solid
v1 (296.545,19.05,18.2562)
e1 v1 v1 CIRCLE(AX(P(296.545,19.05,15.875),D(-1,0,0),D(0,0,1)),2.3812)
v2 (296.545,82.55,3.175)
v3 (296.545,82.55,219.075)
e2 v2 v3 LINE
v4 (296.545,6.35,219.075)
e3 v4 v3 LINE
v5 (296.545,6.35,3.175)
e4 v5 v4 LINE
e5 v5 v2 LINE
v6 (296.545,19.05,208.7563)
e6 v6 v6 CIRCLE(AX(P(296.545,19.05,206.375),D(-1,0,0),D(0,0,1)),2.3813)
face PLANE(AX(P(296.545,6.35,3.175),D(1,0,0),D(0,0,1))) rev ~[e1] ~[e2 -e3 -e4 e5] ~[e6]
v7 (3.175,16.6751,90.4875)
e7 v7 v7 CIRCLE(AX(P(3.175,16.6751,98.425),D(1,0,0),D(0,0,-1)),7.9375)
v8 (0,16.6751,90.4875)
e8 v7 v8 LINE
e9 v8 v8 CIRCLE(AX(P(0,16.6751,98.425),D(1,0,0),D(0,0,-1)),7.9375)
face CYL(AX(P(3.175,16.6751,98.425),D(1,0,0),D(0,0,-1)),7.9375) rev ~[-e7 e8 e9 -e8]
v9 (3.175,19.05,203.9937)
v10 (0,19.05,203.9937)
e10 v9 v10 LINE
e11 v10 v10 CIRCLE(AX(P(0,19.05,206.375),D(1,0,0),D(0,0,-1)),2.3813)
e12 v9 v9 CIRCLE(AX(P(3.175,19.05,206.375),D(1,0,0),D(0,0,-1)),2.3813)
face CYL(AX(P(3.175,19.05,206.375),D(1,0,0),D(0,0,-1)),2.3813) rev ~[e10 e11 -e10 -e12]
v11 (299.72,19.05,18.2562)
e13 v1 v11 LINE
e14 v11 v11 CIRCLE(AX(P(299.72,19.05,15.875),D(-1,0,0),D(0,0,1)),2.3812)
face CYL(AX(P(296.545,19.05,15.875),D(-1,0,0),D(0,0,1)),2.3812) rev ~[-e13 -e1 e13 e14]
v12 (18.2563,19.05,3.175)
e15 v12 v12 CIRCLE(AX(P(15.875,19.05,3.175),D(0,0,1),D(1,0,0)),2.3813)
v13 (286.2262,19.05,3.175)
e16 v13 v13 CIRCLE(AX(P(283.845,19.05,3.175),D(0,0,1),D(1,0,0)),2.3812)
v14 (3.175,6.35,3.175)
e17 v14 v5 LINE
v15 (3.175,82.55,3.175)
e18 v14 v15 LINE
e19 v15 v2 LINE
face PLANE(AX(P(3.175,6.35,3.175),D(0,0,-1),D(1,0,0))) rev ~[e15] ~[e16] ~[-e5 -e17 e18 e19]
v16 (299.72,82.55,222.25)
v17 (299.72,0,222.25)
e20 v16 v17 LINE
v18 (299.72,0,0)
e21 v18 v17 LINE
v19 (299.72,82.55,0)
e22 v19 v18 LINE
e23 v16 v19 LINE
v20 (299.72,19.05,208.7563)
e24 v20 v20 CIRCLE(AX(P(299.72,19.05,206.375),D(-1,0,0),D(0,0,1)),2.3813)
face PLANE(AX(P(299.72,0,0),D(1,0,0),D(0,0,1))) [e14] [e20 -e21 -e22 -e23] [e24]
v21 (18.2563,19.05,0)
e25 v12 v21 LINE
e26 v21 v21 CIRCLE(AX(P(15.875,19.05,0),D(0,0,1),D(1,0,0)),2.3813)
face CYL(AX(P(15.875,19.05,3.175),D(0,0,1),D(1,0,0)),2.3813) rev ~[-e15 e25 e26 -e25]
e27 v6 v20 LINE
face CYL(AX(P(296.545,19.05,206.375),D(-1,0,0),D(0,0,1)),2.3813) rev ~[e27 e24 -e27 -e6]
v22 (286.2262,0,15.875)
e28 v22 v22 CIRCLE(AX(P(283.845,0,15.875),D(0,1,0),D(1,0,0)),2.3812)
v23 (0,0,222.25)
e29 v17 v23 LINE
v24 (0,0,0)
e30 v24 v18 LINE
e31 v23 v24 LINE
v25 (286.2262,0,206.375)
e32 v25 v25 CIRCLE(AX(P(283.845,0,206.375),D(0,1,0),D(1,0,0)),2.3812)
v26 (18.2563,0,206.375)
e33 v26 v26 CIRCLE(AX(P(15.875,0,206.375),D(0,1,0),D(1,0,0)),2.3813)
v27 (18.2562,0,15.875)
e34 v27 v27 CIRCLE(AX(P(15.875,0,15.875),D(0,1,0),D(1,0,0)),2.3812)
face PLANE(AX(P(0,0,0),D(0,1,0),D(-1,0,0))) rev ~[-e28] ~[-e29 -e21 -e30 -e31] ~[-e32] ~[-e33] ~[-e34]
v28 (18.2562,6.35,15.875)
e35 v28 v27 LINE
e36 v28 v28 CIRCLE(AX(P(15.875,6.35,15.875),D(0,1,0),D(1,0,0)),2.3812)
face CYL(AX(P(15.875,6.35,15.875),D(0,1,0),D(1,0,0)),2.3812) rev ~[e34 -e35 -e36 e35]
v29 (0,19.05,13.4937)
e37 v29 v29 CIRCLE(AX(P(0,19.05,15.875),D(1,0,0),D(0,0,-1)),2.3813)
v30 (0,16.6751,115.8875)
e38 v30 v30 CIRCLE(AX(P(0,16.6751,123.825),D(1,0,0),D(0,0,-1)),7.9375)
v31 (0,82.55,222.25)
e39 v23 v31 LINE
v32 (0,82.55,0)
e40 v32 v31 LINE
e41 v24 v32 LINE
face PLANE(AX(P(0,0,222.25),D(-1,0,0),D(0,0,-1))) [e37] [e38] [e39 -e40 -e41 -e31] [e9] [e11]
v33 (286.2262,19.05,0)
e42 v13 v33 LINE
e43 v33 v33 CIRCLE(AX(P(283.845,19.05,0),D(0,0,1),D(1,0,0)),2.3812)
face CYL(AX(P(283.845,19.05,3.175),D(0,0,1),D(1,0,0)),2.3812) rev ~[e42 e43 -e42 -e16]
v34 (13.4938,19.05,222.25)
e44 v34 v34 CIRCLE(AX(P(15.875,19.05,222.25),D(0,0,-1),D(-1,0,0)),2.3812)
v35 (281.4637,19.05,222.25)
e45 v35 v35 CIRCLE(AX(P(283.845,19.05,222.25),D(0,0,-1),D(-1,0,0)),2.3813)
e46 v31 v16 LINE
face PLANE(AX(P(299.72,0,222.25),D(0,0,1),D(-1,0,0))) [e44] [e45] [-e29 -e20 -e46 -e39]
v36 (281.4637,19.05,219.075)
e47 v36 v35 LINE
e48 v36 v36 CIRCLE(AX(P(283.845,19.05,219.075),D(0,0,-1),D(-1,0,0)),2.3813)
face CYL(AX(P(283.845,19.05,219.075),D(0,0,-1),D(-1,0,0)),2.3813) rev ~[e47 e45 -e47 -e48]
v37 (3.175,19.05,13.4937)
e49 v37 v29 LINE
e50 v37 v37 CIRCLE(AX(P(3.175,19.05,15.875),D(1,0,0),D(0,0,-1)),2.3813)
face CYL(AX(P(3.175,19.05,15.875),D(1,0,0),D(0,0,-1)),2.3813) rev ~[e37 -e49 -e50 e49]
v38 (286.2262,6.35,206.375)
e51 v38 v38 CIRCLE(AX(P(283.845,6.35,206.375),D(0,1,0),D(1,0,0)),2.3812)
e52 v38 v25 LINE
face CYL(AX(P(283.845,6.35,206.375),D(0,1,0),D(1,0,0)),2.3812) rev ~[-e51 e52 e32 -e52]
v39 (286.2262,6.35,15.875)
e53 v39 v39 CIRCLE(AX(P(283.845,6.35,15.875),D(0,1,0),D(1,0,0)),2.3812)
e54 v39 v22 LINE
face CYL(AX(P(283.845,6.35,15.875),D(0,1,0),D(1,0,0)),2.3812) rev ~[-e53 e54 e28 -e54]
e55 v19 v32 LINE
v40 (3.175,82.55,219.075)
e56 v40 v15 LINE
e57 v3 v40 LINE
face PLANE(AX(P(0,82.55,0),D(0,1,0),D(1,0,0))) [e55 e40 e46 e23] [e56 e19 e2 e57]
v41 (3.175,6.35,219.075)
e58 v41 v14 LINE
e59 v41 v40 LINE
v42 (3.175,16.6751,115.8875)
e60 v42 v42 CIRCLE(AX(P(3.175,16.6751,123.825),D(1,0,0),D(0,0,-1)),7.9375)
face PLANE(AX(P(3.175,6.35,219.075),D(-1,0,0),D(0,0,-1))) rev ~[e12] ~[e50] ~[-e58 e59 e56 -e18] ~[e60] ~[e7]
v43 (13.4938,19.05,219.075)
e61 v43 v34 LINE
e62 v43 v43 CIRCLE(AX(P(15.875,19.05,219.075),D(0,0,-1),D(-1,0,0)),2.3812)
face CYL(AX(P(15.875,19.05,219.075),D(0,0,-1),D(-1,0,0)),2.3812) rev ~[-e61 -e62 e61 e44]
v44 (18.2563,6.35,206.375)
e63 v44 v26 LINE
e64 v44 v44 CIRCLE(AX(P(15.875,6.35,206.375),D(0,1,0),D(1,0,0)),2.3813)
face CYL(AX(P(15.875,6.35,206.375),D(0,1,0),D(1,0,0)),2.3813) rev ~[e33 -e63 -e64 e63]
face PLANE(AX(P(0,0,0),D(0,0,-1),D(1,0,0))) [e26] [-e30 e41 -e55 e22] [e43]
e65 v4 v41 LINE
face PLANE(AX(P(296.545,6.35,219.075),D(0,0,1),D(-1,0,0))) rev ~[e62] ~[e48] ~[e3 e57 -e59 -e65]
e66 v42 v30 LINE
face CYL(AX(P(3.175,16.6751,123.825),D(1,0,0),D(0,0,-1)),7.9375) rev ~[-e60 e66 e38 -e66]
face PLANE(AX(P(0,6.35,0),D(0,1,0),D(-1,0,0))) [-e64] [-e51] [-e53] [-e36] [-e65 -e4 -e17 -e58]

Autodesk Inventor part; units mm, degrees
ref_plane "YZ Plane" through (0, 0, 0) normal (1, 0, 0) x (0, 1, 0)
ref_plane "XZ Plane" through (0, 0, 0) normal (0, 1, 0) x (-1, 0, 0)
ref_plane "XY Plane" through (0, 0, 0) normal (0, 0, 1) x (1, 0, 0)
sketch "Sketch1" plane through (0, 0, 0) normal (0, 1, 0) x (-1, 0, 0)
  line L0 (0, 0) -> (-299.72, 0)
  line L1 (-299.72, 0) -> (-299.72, 222.25)
  line L2 (-299.72, 222.25) -> (0, 222.25)
  line L3 (0, 222.25) -> (0, 0)
  dimension "d0" = 299.72
  dimension "d1" = 222.25
extrude "Extrusion1" add sketch "Sketch1" along normal blind 6.35
sketch "Sketch2" plane through (0, 6.35, 0) normal (0, 1, 0) x (1, 0, 0)
  line L0 (0, 0) -> (0, -222.25) projected
  line L1 (299.72, -222.25) -> (299.72, 0) projected
  line L2 (0, -222.25) -> (299.72, -222.25)
  line L3 (299.72, -222.25) -> (299.72, 0)
  line L4 (299.72, 0) -> (0, 0)
  line L5 (0, 0) -> (0, -222.25)
  line L6 (296.545, -219.075) -> (3.175, -219.075)
  line L7 (3.175, -219.075) -> (3.175, -3.175)
  line L8 (3.175, -3.175) -> (296.545, -3.175)
  line L9 (296.545, -3.175) -> (296.545, -219.075)
  point P0 (299.72, -222.25)
  dimension "d4" = 3.175
extrude "Extrusion2" add sketch "Sketch2" along normal blind 76.2
sketch "Sketch3" plane through (0, 6.35, 0) normal (0, 1, 0) x (1, 0, 0)
  line L0 (3.175, -219.075) -> (3.175, -3.175) construction
  line L1 (3.175, -3.175) -> (28.575, -3.175) construction
  line L2 (28.575, -3.175) -> (28.575, -28.575) construction
  line L3 (28.575, -28.575) -> (3.175, -28.575) construction
  line L4 (3.175, -28.575) -> (3.175, -3.175) construction
  line L5 (296.545, -3.175) -> (271.145, -3.175) construction
  line L6 (271.145, -3.175) -> (271.145, -28.575) construction
  line L7 (271.145, -28.575) -> (296.545, -28.575) construction
  line L8 (296.545, -28.575) -> (296.545, -3.175) construction
  line L9 (296.545, -219.075) -> (3.175, -219.075) construction
  line L10 (296.545, -219.075) -> (271.145, -219.075) construction
  line L11 (271.145, -219.075) -> (271.145, -193.675) construction
  line L12 (271.145, -193.675) -> (296.545, -193.675) construction
  line L13 (296.545, -193.675) -> (296.545, -219.075) construction
  line L14 (3.175, -219.075) -> (28.575, -219.075) construction
  line L15 (28.575, -219.075) -> (28.575, -193.675) construction
  line L16 (28.575, -193.675) -> (3.175, -193.675) construction
  line L17 (3.175, -193.675) -> (3.175, -219.075) construction
  line L18 (3.175, -193.675) -> (28.575, -219.075) construction
  line L19 (28.575, -193.675) -> (3.175, -219.075) construction
  line L20 (271.145, -193.675) -> (296.545, -219.075) construction
  line L21 (296.545, -219.075) -> (296.545, -193.675) construction
  line L22 (296.545, -193.675) -> (271.145, -219.075) construction
  line L23 (271.145, -3.175) -> (296.545, -28.575) construction
  line L24 (296.545, -3.175) -> (271.145, -28.575) construction
  line L25 (3.175, -3.175) -> (28.575, -28.575) construction
  line L26 (28.575, -3.175) -> (3.175, -28.575) construction
  circle A0 centre (15.875, -15.875) radius 2.3812
  circle A1 centre (283.845, -15.875) radius 2.3812
  circle A2 centre (283.845, -206.375) radius 2.3812
  circle A3 centre (15.875, -206.375) radius 2.3813
  point P0 (0, 0)
  dimension "d7" = 25.4
  dimension "d8" = 25.4
  dimension "d9" = 25.4
  dimension "d10" = 25.4
  dimension "d11" = 25.4
  dimension "d12" = 25.4
  dimension "d13" = 25.4
  dimension "d14" = 25.4
  dimension "d15" = 4.7625
  dimension "d16" = 4.7625
  dimension "d17" = 4.7625
  dimension "d18" = 4.7625
extrude "Extrusion3" cut sketch "Sketch3" against normal blind 6.35
sketch "Sketch4" plane through (3.175, 6.35, 219.075) normal (1, 0, 0) x (0, 0, -1)
  line L0 (215.9, 0) -> (0, 0) construction
  line L1 (0, 0) -> (25.4, 0) construction
  line L2 (25.4, 0) -> (25.4, 25.4) construction
  line L3 (25.4, 25.4) -> (0, 25.4) construction
  line L4 (0, 25.4) -> (0, 0) construction
  line L5 (215.9, 0) -> (190.5, 0) construction
  line L6 (190.5, 0) -> (190.5, 25.4) construction
  line L7 (190.5, 25.4) -> (215.9, 25.4) construction
  line L8 (215.9, 25.4) -> (215.9, 0) construction
  line L9 (0, 25.4) -> (25.4, 0) construction
  line L10 (25.4, 25.4) -> (0, 0) construction
  line L11 (190.5, 25.4) -> (215.9, 0) construction
  line L12 (215.9, 25.4) -> (190.5, 0) construction
  circle A0 centre (203.2, 12.7) radius 2.3813
  circle A1 centre (12.7, 12.7) radius 2.3813
  point P0 (219.075, -6.35)
  dimension "d21" = 25.4
  dimension "d22" = 25.4
  dimension "d23" = 25.4
  dimension "d24" = 25.4
  dimension "d25" = 4.7625
  dimension "d26" = 4.7625
extrude "Extrusion4" cut sketch "Sketch4" against normal blind 3.175
sketch "Sketch5" plane through (3.175, 6.35, 3.175) normal (0, 0, 1) x (1, 0, 0)
  line L0 (0, 0) -> (0, 76.2) construction
  line L1 (0, 0) -> (25.4, 0) construction
  line L2 (25.4, 0) -> (25.4, 25.4) construction
  line L3 (25.4, 25.4) -> (0, 25.4) construction
  line L4 (0, 25.4) -> (0, 0) construction
  line L5 (293.37, 0) -> (267.97, 0) construction
  line L6 (267.97, 0) -> (267.97, 25.4) construction
  line L7 (267.97, 25.4) -> (293.37, 25.4) construction
  line L8 (293.37, 25.4) -> (293.37, 0) construction
  line L9 (0, 25.4) -> (25.4, 0) construction
  line L10 (293.37, 0) -> (0, 0) construction
  line L11 (25.4, 25.4) -> (0, 0) construction
  line L12 (293.37, 25.4) -> (267.97, 0) construction
  line L13 (293.37, 0) -> (293.37, 76.2) construction
  line L14 (267.97, 25.4) -> (293.37, 0) construction
  circle A0 centre (280.67, 12.7) radius 2.3812
  circle A1 centre (12.7, 12.7) radius 2.3813
  point P0 (-3.175, -6.35)
  dimension "d29" = 25.4
  dimension "d30" = 25.4
  dimension "d31" = 25.4
  dimension "d32" = 25.4
  dimension "d33" = 4.7625
  dimension "d34" = 4.7625
extrude "Extrusion5" cut sketch "Sketch5" against normal blind 3.175
sketch "Sketch6" plane through (296.545, 6.35, 3.175) normal (-1, 0, 0) x (0, 0, 1)
  line L0 (215.9, 0) -> (0, 0) construction
  line L1 (0, 0) -> (25.4, 0) construction
  line L2 (25.4, 0) -> (25.4, 25.4) construction
  line L3 (25.4, 25.4) -> (0, 25.4) construction
  line L4 (0, 25.4) -> (0, 0) construction
  line L5 (215.9, 0) -> (190.5, 0) construction
  line L6 (190.5, 0) -> (190.5, 25.4) construction
  line L7 (190.5, 25.4) -> (215.9, 25.4) construction
  line L8 (215.9, 25.4) -> (215.9, 0) construction
  line L9 (190.5, 0) -> (215.9, 25.4) construction
  line L10 (215.9, 0) -> (215.9, 76.2) construction
  line L11 (190.5, 25.4) -> (215.9, 0) construction
  line L12 (0, 25.4) -> (25.4, 0) construction
  line L13 (25.4, 25.4) -> (0, 0) construction
  circle A0 centre (12.7, 12.7) radius 2.3812
  circle A1 centre (203.2, 12.7) radius 2.3813
  point P0 (-3.175, -6.35)
  dimension "d37" = 25.4
  dimension "d38" = 25.4
  dimension "d39" = 25.4
  dimension "d40" = 25.4
  dimension "d41" = 4.7625
  dimension "d42" = 4.7625
extrude "Extrusion6" cut sketch "Sketch6" against normal blind 3.175
sketch "Sketch7" plane through (296.545, 6.35, 219.075) normal (0, 0, -1) x (-1, 0, 0)
  line L0 (293.37, 0) -> (267.97, 0) construction
  line L1 (267.97, 0) -> (267.97, 25.4) construction
  line L2 (267.97, 25.4) -> (293.37, 25.4) construction
  line L3 (293.37, 25.4) -> (293.37, 0) construction
  line L4 (293.37, 0) -> (0, 0) construction
  line L5 (0, 0) -> (25.4, 0) construction
  line L6 (25.4, 0) -> (25.4, 25.4) construction
  line L7 (25.4, 25.4) -> (0, 25.4) construction
  line L8 (0, 25.4) -> (0, 0) construction
  line L9 (0, 25.4) -> (25.4, 0) construction
  line L10 (25.4, 25.4) -> (0, 0) construction
  line L11 (267.97, 0) -> (293.37, 25.4) construction
  line L12 (267.97, 25.4) -> (293.37, 0) construction
  circle A0 centre (280.67, 12.7) radius 2.3812
  circle A1 centre (12.7, 12.7) radius 2.3813
  point P0 (296.545, -6.35)
  dimension "d45" = 25.4
  dimension "d46" = 25.4
  dimension "d47" = 25.4
  dimension "d48" = 25.4
  dimension "d49" = 4.7625
  dimension "d50" = 4.7625
extrude "Extrusion7" cut sketch "Sketch7" against normal blind 3.175
sketch "Sketch8" plane through (3.175, 6.35, 219.075) normal (1, 0, 0) x (0, 0, -1)
  line L0 (215.9, 0) -> (0, 0) construction
  line L1 (0, 0) -> (107.95, 0) construction
  line L2 (107.95, 0) -> (130.175, 0) construction
  line L3 (107.95, 0) -> (130.175, 0) construction
  line L4 (130.175, 0) -> (85.725, 0) construction
  line L5 (85.725, 0) -> (85.725, 20.6375) construction
  line L6 (85.725, 20.6375) -> (130.175, 20.6375) construction
  line L7 (130.175, 20.6375) -> (130.175, 0) construction
  line L8 (85.725, 0) -> (85.725, 10.3251) construction
  line L9 (130.175, 0) -> (130.175, 10.3251) construction
  line L10 (130.175, 0) -> (140.5001, 0) construction
  line L11 (85.725, 10.3251) -> (87.3125, 10.3251) construction
  line L12 (130.175, 10.3251) -> (128.5875, 10.3251) construction
  line L13 (128.5875, 10.3251) -> (120.65, 10.3251) construction
  line L14 (128.5875, 10.3251) -> (136.525, 10.3251) construction
  line L15 (87.3125, 10.3251) -> (95.25, 10.3251) construction
  line L16 (87.3125, 10.3251) -> (95.25, 10.3251) construction
  circle A0 centre (95.25, 10.3251) radius 7.9375
  circle A1 centre (120.65, 10.3251) radius 7.9375
  dimension "d53" = 107.95
  dimension "d54" = 22.225
  dimension "d55" = 0
  dimension "d56" = 44.45
  dimension "d57" = 20.6375
  dimension "d58" = 10.3251
  dimension "d59" = 10.3251
  dimension "d60" = 90
  dimension "d61" = 1.5875
  dimension "d62" = 1.5875
  dimension "d64" = 7.9375
  dimension "d65" = 180
  dimension "d66" = 7.9375
  dimension "d67" = 0
  dimension "d68" = 15.875
  dimension "d69" = 15.875
extrude "Extrusion8" cut sketch "Sketch8" against normal blind 3.175
properties part number "Lower Chassis_2"
